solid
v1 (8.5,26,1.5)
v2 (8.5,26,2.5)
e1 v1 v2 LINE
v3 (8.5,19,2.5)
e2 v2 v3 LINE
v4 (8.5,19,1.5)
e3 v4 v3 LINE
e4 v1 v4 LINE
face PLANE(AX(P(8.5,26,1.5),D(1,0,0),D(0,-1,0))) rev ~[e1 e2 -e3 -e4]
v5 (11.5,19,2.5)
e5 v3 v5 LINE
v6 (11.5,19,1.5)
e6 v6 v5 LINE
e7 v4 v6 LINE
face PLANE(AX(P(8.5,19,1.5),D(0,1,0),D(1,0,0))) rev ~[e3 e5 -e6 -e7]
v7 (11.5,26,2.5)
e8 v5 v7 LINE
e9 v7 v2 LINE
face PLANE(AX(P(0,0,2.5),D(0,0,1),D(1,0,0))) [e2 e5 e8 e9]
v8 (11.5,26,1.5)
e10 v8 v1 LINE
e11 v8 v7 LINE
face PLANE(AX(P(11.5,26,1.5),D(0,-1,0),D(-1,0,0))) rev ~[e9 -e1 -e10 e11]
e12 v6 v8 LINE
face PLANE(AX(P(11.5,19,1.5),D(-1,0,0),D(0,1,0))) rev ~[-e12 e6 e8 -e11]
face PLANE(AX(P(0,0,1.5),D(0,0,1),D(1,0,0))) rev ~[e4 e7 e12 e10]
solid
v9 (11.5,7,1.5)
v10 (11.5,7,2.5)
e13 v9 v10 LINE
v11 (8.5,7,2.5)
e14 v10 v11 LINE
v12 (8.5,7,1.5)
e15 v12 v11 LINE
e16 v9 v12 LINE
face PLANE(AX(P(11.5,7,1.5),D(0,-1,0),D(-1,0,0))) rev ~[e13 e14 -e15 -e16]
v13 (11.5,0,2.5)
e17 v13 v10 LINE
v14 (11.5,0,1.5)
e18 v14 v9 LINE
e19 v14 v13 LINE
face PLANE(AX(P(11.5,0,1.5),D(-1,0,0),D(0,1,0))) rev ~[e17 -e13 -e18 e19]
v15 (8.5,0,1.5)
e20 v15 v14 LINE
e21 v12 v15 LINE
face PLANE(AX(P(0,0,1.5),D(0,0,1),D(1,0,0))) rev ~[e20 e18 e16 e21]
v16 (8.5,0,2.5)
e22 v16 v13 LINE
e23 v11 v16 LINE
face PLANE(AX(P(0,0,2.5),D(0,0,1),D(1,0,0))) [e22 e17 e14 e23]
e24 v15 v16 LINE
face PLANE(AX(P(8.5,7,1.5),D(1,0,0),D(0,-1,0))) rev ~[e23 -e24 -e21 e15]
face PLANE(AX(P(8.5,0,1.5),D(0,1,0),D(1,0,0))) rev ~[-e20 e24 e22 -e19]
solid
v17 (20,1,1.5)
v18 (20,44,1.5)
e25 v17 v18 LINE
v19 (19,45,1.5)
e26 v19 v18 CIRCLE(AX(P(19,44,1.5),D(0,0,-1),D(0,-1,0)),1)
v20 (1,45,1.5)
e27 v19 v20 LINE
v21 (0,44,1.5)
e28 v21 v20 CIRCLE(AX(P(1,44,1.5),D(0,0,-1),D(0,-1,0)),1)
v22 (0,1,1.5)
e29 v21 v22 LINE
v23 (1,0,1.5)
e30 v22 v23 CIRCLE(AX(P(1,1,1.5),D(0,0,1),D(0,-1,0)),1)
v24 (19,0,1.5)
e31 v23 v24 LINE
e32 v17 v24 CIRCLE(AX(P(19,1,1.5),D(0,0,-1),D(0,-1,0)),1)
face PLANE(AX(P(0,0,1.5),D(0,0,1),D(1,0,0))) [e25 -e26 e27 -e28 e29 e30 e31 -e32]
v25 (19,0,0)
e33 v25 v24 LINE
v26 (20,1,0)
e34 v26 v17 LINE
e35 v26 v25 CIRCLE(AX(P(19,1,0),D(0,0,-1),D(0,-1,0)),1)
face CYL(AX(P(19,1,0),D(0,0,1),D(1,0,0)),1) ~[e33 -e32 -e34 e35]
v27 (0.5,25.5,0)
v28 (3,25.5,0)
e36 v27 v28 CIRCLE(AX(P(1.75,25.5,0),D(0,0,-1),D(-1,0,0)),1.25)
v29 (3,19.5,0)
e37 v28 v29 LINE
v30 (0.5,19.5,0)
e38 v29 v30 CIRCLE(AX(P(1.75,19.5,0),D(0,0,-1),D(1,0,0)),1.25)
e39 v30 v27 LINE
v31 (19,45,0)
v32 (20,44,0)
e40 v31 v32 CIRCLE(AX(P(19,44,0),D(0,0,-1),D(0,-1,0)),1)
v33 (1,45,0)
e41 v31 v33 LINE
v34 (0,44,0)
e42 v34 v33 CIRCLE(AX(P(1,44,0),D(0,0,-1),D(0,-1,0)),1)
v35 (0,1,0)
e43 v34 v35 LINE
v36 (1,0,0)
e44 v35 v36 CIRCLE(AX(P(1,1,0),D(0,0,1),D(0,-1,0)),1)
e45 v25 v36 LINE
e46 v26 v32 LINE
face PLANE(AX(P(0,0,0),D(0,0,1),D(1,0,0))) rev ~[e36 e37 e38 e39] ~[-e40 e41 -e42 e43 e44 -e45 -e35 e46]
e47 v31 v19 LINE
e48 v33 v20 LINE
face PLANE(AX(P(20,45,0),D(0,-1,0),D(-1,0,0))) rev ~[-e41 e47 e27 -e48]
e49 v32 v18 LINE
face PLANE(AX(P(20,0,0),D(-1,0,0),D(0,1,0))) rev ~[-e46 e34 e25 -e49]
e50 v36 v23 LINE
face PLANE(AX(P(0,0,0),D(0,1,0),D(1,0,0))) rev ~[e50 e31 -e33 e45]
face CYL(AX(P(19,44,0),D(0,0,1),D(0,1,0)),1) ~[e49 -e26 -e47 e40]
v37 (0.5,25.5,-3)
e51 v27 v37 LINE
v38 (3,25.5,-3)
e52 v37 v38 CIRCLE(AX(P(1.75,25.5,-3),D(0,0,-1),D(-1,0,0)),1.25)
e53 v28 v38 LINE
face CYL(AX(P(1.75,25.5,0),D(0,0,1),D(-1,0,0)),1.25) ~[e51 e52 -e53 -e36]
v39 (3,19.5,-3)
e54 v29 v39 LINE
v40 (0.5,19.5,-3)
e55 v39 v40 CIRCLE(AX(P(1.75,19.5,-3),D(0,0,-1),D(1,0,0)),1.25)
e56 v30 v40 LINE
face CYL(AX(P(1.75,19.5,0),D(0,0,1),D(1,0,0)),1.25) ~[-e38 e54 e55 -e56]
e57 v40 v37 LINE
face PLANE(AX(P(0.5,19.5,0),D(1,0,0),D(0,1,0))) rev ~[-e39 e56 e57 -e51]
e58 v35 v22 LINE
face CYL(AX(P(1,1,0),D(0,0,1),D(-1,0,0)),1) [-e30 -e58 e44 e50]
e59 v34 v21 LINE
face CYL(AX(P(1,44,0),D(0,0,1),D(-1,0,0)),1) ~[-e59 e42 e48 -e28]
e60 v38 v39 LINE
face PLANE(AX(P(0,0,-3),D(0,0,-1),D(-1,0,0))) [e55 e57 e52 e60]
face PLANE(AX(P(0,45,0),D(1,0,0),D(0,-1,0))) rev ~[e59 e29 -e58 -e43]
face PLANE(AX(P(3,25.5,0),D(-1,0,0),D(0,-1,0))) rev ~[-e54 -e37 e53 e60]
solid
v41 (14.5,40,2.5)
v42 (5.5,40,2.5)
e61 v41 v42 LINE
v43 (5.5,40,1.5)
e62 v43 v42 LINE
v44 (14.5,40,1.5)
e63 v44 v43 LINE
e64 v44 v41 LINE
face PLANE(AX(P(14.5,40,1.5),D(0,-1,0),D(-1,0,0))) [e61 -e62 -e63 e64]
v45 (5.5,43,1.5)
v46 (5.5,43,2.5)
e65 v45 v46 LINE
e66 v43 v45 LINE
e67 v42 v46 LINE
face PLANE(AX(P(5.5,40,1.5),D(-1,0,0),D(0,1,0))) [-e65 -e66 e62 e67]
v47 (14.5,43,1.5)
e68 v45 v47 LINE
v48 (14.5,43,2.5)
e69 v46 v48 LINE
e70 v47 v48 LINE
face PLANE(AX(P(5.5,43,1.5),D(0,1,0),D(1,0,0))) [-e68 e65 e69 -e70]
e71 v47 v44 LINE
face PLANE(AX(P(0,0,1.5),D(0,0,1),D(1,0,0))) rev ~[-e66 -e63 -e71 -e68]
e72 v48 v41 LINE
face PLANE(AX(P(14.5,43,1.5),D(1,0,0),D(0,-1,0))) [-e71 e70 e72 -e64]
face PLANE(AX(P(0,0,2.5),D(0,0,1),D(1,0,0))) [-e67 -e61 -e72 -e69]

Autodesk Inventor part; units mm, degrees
ref_plane "YZ Plane" through (0, 0, 0) normal (1, 0, 0) x (0, 1, 0)
ref_plane "XZ Plane" through (0, 0, 0) normal (0, 1, 0) x (-1, 0, 0)
ref_plane "XY Plane" through (0, 0, 0) normal (0, 0, 1) x (1, 0, 0)
sketch "Esboço1" plane through (0, 0, 0) normal (0, 0, 1) x (1, 0, 0)
  line L0 (0, 0) -> (20, 0)
  line L1 (20, 0) -> (20, 45)
  line L2 (20, 45) -> (0, 45)
  line L3 (0, 45) -> (0, 0)
  line L4 (7.3975, 0) -> (10.3975, 0)
  dimension "d0" = 20
  dimension "d1" = 45
extrude "Extrusão1" add sketch "Esboço1" along normal blind 1.5
fillet "Arredondamento1" radius 1 4 edges at (20, 45, 0.75) (20, 0, 0.75) (0, 45, 0.75) (0, 0, 0.75)
sketch "Esboço2" plane through (0, 0, 1.5) normal (0, 0, 1) x (1, 0, 0)
  line L0 (1, 0) -> (19, 0) projected
  line L1 (8.5, 0) -> (11.5, 0)
  line L2 (11.5, 0) -> (11.5, 7)
  line L3 (11.5, 7) -> (8.5, 7)
  line L4 (8.5, 7) -> (8.5, 0)
  line L5 (8.5, 19) -> (11.5, 19)
  line L6 (11.5, 19) -> (11.5, 26)
  line L7 (11.5, 26) -> (8.5, 26)
  line L8 (8.5, 26) -> (8.5, 19)
  line L9 (10, 7) -> (10, 0) construction
  line L10 (0, 44) -> (0, 1) construction
  line L11 (11.5, 22.5) -> (8.5, 22.5) construction
  line L12 (19, 45) -> (1, 45) projected
  line L13 (5.5, 43) -> (14.5, 43)
  line L14 (14.5, 43) -> (14.5, 40)
  line L15 (14.5, 40) -> (5.5, 40)
  line L16 (5.5, 40) -> (5.5, 43)
  point P0 (0, 0)
  dimension "d9" = 3
  dimension "d10" = 7
  dimension "d11" = 3
  dimension "d12" = 7
  dimension "d13" = 10
  dimension "d19" = 12
  dimension "d20" = 9
  dimension "d21" = 3
  dimension "d22" = 2
  dimension "d23" = 5.5
extrude "Extrusão2" add sketch "Esboço2" along normal blind 1 separate body
sketch "Esboço3" plane through (0, 0, 0) normal (0, 0, -1) x (-1, 0, 0)
  line L0 (-20, 1) -> (-20, 44) construction
  line L1 (-1, 0) -> (-19, 0) projected
  line L2 (-1.75, 18.25) -> (-1.75, 26.75) construction
  line L3 (-0.5, 19.5) -> (-0.5, 25.5)
  line L4 (-3, 25.5) -> (-3, 19.5)
  arc A0 (-3, 19.5) -> (-0.5, 19.5) centre (-1.75, 19.5) ccw
  arc A1 (-0.5, 25.5) -> (-3, 25.5) centre (-1.75, 25.5) ccw
  line L5 (0, 44) -> (0, 1) projected
  point P0 (0, 0)
  point P1 (-8.5, 19)
  point P2 (-8.5, 26)
  point P3 (-1.75, 22.5)
  dimension "d30" = 8.5
  dimension "d31" = 2.5
  dimension "d32" = 22.5
  dimension "d33" = 6
  dimension "d34" = 1.25
  dimension "d35" = 0.5
extrude "Extrusão3" add sketch "Esboço3" along normal blind 3 bodies 1
properties part number "Placa"
